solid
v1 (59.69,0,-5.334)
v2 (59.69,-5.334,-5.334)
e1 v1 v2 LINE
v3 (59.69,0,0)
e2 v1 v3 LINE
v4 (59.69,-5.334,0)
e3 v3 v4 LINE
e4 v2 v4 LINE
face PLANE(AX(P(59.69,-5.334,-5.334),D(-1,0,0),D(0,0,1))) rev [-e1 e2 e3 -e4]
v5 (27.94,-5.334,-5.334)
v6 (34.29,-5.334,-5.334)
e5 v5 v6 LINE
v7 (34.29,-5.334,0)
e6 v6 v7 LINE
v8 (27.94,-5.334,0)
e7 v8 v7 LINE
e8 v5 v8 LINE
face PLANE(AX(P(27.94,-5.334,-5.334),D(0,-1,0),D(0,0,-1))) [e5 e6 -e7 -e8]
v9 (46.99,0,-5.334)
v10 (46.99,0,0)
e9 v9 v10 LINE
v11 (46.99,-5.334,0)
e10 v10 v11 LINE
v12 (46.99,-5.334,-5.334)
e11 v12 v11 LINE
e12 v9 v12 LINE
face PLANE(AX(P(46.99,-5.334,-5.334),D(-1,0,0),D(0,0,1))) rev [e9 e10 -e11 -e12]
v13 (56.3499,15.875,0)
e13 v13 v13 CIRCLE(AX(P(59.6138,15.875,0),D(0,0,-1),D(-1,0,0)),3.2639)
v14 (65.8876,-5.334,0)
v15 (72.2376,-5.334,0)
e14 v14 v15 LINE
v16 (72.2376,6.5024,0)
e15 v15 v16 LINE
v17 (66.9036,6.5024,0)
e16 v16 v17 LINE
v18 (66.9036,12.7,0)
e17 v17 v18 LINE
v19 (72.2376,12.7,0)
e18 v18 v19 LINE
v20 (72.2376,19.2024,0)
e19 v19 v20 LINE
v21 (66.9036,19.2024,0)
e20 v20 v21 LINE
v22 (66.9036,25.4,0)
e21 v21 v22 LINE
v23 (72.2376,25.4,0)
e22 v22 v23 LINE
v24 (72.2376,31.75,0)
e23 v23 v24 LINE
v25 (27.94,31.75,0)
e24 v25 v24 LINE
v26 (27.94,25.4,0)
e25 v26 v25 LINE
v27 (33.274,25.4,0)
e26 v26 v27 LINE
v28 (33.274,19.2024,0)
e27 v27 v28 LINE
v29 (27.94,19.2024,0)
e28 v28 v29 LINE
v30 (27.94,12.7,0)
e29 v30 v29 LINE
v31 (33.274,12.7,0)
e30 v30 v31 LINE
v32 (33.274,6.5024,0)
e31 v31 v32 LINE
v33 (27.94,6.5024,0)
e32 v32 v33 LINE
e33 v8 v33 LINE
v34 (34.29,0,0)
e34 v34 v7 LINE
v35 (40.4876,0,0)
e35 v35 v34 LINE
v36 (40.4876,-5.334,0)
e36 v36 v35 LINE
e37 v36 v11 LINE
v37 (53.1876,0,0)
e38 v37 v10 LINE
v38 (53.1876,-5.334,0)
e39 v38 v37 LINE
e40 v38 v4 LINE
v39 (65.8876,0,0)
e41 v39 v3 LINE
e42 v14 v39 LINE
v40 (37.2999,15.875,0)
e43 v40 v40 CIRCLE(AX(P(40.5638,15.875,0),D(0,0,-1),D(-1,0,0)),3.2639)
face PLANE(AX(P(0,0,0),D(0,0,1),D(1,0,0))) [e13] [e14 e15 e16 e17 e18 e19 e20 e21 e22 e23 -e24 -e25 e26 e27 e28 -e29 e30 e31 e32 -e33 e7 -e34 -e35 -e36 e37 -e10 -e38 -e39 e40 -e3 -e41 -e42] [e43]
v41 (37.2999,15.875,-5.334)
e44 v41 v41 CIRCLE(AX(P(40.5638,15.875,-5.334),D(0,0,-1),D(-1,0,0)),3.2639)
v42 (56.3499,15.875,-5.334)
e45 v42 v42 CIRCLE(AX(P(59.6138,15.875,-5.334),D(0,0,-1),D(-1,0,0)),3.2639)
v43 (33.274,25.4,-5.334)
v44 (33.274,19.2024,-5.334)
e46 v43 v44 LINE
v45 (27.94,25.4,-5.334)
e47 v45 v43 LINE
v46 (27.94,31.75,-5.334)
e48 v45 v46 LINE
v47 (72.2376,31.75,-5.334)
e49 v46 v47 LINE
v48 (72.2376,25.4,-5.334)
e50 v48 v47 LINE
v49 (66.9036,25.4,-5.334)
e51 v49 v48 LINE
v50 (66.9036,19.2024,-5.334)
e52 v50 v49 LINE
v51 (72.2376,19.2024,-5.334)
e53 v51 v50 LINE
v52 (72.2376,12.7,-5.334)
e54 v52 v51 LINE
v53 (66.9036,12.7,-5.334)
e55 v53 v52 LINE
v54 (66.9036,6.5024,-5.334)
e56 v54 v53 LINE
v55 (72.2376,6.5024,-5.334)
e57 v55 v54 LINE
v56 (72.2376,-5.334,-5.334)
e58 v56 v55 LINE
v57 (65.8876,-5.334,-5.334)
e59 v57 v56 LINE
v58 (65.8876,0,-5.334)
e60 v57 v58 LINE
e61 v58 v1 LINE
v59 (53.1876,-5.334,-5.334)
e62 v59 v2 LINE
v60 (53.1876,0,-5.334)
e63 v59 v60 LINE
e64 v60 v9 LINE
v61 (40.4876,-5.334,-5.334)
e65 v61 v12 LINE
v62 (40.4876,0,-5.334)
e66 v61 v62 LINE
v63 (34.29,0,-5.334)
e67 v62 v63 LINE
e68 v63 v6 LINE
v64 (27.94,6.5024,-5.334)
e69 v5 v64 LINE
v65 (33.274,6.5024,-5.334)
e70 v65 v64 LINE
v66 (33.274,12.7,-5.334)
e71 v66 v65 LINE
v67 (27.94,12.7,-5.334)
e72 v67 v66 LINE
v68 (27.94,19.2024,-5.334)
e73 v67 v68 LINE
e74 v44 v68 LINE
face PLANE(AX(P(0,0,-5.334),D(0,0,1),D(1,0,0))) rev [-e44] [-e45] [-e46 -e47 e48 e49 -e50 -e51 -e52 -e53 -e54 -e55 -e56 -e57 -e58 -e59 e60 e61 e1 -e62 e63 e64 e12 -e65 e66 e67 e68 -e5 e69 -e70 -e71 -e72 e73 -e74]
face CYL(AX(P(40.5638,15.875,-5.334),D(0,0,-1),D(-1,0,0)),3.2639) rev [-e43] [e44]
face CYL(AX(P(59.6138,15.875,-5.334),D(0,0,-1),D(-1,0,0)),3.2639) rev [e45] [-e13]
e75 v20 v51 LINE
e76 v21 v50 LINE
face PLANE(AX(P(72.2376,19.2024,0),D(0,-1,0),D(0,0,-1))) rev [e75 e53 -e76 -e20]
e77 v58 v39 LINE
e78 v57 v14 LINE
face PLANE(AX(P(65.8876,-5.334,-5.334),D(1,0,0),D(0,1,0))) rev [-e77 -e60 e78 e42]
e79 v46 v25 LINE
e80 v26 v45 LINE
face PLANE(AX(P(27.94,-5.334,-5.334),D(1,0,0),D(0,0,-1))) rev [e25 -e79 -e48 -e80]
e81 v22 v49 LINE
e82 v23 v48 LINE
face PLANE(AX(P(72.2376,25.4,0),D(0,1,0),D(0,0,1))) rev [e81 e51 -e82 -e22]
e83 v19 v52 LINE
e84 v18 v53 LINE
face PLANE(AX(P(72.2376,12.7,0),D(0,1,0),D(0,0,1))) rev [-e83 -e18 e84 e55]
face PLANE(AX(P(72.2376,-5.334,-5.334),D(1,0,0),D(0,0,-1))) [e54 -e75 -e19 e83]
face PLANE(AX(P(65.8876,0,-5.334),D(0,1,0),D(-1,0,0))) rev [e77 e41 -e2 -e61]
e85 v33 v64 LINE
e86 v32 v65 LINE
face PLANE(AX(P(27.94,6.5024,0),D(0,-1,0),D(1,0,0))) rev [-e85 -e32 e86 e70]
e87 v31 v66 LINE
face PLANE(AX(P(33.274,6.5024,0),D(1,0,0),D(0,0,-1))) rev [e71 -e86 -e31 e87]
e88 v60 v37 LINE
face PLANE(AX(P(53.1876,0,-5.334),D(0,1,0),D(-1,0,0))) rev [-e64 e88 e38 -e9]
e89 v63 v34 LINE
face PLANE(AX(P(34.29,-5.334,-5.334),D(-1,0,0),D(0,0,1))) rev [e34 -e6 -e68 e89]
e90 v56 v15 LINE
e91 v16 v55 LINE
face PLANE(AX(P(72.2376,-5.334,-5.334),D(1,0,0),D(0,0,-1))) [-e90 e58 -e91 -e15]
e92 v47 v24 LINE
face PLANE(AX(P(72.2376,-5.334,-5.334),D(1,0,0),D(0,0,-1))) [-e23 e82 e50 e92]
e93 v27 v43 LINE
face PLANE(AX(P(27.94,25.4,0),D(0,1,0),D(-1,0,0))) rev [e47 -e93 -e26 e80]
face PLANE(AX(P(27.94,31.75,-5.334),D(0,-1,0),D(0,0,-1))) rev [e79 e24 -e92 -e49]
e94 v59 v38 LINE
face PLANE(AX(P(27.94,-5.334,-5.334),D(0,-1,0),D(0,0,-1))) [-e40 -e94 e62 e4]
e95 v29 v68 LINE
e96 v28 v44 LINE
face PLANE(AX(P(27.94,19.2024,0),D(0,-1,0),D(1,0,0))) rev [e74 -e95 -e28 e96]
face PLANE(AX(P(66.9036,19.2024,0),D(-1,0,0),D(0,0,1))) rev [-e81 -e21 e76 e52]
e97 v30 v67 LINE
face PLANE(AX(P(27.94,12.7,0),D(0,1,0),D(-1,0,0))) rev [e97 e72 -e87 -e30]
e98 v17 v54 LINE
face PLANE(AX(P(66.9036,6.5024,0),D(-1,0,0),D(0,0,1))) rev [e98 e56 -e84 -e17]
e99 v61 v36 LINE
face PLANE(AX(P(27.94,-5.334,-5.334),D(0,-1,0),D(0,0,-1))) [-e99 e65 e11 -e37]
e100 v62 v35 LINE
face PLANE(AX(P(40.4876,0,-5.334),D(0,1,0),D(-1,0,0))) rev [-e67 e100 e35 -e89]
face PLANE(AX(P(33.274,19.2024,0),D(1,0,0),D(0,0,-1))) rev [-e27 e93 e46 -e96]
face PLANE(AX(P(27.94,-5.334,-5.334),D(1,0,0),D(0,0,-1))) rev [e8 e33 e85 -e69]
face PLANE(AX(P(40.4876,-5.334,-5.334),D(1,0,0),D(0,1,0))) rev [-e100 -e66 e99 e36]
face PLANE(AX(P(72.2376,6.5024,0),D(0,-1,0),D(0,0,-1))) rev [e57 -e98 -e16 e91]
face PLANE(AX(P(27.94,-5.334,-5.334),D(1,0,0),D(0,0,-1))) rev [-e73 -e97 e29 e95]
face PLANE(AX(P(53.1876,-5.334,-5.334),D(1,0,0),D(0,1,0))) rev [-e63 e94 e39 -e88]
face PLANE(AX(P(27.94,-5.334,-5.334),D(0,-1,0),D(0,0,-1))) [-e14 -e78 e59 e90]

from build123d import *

# Parameters (mm, degrees)
SKETCH1_W                = 44.2976
SKETCH1_H                = 37.084
BOSS_EXTRUDE1_DEPTH      = 5.334
SKETCH2_W                = 6.1976
SKETCH2_H                = 5.334
CUT_EXTRUDE1_DEPTH       = 80.087198141
LPATTERN1_COUNT          = 3
LPATTERN1_PITCH          = 12.7
SKETCH3_W                = 5.334
SKETCH3_H                = 6.1976
CUT_EXTRUDE2_DEPTH       = 80.087198141
LPATTERN2_COUNT          = 2
LPATTERN2_PITCH          = 12.7
F_0_257_DIAMETER_HOLE1_D = 6.5278


with BuildPart() as part:
    # Sketch1 → Boss-Extrude1 (new body)
    with BuildSketch(Plane.XY):
        with Locations((50.0888, 13.208)):
            Rectangle(SKETCH1_W, SKETCH1_H)
    extrude(amount=-BOSS_EXTRUDE1_DEPTH)

    # Sketch2 → Cut-Extrude1 (cut, through all)
    with BuildSketch(Plane.XY):
        with Locations((62.7888, -2.667)):
            Rectangle(SKETCH2_W, SKETCH2_H)
    cut_extrude1 = extrude(amount=-CUT_EXTRUDE1_DEPTH, mode=Mode.SUBTRACT)

    # LPattern1: Cut-Extrude1 ×3
    with Locations(*[(-i * LPATTERN1_PITCH, 0, 0) for i in range(1, LPATTERN1_COUNT)]):
        add(cut_extrude1, mode=Mode.SUBTRACT)

    # Sketch3 → Cut-Extrude2 (cut, through all)
    with BuildSketch(Plane(origin=(0, 0, -5.334), x_dir=(-1, 0, 0), z_dir=(0, 0, -1))):
        with Locations((-69.5706, 9.6012)):
            Rectangle(SKETCH3_W, SKETCH3_H)
        with Locations((-30.607, 9.6012)):
            Rectangle(SKETCH3_W, SKETCH3_H)
    cut_extrude2 = extrude(amount=-CUT_EXTRUDE2_DEPTH, mode=Mode.SUBTRACT)

    # LPattern2: Cut-Extrude2 ×2
    with Locations(*[(0, i * LPATTERN2_PITCH, 0) for i in range(1, LPATTERN2_COUNT)]):
        add(cut_extrude2, mode=Mode.SUBTRACT)

    # F (0.257) Diameter Hole1 (through all)
    with Locations(Plane(origin=(0, 0, -5.334), x_dir=(-1, 0, 0), z_dir=(0, 0, -1))):
        with Locations((-59.6138, 15.875), (-40.5638, 15.875)):
            Hole(F_0_257_DIAMETER_HOLE1_D / 2)


solid = part.part
